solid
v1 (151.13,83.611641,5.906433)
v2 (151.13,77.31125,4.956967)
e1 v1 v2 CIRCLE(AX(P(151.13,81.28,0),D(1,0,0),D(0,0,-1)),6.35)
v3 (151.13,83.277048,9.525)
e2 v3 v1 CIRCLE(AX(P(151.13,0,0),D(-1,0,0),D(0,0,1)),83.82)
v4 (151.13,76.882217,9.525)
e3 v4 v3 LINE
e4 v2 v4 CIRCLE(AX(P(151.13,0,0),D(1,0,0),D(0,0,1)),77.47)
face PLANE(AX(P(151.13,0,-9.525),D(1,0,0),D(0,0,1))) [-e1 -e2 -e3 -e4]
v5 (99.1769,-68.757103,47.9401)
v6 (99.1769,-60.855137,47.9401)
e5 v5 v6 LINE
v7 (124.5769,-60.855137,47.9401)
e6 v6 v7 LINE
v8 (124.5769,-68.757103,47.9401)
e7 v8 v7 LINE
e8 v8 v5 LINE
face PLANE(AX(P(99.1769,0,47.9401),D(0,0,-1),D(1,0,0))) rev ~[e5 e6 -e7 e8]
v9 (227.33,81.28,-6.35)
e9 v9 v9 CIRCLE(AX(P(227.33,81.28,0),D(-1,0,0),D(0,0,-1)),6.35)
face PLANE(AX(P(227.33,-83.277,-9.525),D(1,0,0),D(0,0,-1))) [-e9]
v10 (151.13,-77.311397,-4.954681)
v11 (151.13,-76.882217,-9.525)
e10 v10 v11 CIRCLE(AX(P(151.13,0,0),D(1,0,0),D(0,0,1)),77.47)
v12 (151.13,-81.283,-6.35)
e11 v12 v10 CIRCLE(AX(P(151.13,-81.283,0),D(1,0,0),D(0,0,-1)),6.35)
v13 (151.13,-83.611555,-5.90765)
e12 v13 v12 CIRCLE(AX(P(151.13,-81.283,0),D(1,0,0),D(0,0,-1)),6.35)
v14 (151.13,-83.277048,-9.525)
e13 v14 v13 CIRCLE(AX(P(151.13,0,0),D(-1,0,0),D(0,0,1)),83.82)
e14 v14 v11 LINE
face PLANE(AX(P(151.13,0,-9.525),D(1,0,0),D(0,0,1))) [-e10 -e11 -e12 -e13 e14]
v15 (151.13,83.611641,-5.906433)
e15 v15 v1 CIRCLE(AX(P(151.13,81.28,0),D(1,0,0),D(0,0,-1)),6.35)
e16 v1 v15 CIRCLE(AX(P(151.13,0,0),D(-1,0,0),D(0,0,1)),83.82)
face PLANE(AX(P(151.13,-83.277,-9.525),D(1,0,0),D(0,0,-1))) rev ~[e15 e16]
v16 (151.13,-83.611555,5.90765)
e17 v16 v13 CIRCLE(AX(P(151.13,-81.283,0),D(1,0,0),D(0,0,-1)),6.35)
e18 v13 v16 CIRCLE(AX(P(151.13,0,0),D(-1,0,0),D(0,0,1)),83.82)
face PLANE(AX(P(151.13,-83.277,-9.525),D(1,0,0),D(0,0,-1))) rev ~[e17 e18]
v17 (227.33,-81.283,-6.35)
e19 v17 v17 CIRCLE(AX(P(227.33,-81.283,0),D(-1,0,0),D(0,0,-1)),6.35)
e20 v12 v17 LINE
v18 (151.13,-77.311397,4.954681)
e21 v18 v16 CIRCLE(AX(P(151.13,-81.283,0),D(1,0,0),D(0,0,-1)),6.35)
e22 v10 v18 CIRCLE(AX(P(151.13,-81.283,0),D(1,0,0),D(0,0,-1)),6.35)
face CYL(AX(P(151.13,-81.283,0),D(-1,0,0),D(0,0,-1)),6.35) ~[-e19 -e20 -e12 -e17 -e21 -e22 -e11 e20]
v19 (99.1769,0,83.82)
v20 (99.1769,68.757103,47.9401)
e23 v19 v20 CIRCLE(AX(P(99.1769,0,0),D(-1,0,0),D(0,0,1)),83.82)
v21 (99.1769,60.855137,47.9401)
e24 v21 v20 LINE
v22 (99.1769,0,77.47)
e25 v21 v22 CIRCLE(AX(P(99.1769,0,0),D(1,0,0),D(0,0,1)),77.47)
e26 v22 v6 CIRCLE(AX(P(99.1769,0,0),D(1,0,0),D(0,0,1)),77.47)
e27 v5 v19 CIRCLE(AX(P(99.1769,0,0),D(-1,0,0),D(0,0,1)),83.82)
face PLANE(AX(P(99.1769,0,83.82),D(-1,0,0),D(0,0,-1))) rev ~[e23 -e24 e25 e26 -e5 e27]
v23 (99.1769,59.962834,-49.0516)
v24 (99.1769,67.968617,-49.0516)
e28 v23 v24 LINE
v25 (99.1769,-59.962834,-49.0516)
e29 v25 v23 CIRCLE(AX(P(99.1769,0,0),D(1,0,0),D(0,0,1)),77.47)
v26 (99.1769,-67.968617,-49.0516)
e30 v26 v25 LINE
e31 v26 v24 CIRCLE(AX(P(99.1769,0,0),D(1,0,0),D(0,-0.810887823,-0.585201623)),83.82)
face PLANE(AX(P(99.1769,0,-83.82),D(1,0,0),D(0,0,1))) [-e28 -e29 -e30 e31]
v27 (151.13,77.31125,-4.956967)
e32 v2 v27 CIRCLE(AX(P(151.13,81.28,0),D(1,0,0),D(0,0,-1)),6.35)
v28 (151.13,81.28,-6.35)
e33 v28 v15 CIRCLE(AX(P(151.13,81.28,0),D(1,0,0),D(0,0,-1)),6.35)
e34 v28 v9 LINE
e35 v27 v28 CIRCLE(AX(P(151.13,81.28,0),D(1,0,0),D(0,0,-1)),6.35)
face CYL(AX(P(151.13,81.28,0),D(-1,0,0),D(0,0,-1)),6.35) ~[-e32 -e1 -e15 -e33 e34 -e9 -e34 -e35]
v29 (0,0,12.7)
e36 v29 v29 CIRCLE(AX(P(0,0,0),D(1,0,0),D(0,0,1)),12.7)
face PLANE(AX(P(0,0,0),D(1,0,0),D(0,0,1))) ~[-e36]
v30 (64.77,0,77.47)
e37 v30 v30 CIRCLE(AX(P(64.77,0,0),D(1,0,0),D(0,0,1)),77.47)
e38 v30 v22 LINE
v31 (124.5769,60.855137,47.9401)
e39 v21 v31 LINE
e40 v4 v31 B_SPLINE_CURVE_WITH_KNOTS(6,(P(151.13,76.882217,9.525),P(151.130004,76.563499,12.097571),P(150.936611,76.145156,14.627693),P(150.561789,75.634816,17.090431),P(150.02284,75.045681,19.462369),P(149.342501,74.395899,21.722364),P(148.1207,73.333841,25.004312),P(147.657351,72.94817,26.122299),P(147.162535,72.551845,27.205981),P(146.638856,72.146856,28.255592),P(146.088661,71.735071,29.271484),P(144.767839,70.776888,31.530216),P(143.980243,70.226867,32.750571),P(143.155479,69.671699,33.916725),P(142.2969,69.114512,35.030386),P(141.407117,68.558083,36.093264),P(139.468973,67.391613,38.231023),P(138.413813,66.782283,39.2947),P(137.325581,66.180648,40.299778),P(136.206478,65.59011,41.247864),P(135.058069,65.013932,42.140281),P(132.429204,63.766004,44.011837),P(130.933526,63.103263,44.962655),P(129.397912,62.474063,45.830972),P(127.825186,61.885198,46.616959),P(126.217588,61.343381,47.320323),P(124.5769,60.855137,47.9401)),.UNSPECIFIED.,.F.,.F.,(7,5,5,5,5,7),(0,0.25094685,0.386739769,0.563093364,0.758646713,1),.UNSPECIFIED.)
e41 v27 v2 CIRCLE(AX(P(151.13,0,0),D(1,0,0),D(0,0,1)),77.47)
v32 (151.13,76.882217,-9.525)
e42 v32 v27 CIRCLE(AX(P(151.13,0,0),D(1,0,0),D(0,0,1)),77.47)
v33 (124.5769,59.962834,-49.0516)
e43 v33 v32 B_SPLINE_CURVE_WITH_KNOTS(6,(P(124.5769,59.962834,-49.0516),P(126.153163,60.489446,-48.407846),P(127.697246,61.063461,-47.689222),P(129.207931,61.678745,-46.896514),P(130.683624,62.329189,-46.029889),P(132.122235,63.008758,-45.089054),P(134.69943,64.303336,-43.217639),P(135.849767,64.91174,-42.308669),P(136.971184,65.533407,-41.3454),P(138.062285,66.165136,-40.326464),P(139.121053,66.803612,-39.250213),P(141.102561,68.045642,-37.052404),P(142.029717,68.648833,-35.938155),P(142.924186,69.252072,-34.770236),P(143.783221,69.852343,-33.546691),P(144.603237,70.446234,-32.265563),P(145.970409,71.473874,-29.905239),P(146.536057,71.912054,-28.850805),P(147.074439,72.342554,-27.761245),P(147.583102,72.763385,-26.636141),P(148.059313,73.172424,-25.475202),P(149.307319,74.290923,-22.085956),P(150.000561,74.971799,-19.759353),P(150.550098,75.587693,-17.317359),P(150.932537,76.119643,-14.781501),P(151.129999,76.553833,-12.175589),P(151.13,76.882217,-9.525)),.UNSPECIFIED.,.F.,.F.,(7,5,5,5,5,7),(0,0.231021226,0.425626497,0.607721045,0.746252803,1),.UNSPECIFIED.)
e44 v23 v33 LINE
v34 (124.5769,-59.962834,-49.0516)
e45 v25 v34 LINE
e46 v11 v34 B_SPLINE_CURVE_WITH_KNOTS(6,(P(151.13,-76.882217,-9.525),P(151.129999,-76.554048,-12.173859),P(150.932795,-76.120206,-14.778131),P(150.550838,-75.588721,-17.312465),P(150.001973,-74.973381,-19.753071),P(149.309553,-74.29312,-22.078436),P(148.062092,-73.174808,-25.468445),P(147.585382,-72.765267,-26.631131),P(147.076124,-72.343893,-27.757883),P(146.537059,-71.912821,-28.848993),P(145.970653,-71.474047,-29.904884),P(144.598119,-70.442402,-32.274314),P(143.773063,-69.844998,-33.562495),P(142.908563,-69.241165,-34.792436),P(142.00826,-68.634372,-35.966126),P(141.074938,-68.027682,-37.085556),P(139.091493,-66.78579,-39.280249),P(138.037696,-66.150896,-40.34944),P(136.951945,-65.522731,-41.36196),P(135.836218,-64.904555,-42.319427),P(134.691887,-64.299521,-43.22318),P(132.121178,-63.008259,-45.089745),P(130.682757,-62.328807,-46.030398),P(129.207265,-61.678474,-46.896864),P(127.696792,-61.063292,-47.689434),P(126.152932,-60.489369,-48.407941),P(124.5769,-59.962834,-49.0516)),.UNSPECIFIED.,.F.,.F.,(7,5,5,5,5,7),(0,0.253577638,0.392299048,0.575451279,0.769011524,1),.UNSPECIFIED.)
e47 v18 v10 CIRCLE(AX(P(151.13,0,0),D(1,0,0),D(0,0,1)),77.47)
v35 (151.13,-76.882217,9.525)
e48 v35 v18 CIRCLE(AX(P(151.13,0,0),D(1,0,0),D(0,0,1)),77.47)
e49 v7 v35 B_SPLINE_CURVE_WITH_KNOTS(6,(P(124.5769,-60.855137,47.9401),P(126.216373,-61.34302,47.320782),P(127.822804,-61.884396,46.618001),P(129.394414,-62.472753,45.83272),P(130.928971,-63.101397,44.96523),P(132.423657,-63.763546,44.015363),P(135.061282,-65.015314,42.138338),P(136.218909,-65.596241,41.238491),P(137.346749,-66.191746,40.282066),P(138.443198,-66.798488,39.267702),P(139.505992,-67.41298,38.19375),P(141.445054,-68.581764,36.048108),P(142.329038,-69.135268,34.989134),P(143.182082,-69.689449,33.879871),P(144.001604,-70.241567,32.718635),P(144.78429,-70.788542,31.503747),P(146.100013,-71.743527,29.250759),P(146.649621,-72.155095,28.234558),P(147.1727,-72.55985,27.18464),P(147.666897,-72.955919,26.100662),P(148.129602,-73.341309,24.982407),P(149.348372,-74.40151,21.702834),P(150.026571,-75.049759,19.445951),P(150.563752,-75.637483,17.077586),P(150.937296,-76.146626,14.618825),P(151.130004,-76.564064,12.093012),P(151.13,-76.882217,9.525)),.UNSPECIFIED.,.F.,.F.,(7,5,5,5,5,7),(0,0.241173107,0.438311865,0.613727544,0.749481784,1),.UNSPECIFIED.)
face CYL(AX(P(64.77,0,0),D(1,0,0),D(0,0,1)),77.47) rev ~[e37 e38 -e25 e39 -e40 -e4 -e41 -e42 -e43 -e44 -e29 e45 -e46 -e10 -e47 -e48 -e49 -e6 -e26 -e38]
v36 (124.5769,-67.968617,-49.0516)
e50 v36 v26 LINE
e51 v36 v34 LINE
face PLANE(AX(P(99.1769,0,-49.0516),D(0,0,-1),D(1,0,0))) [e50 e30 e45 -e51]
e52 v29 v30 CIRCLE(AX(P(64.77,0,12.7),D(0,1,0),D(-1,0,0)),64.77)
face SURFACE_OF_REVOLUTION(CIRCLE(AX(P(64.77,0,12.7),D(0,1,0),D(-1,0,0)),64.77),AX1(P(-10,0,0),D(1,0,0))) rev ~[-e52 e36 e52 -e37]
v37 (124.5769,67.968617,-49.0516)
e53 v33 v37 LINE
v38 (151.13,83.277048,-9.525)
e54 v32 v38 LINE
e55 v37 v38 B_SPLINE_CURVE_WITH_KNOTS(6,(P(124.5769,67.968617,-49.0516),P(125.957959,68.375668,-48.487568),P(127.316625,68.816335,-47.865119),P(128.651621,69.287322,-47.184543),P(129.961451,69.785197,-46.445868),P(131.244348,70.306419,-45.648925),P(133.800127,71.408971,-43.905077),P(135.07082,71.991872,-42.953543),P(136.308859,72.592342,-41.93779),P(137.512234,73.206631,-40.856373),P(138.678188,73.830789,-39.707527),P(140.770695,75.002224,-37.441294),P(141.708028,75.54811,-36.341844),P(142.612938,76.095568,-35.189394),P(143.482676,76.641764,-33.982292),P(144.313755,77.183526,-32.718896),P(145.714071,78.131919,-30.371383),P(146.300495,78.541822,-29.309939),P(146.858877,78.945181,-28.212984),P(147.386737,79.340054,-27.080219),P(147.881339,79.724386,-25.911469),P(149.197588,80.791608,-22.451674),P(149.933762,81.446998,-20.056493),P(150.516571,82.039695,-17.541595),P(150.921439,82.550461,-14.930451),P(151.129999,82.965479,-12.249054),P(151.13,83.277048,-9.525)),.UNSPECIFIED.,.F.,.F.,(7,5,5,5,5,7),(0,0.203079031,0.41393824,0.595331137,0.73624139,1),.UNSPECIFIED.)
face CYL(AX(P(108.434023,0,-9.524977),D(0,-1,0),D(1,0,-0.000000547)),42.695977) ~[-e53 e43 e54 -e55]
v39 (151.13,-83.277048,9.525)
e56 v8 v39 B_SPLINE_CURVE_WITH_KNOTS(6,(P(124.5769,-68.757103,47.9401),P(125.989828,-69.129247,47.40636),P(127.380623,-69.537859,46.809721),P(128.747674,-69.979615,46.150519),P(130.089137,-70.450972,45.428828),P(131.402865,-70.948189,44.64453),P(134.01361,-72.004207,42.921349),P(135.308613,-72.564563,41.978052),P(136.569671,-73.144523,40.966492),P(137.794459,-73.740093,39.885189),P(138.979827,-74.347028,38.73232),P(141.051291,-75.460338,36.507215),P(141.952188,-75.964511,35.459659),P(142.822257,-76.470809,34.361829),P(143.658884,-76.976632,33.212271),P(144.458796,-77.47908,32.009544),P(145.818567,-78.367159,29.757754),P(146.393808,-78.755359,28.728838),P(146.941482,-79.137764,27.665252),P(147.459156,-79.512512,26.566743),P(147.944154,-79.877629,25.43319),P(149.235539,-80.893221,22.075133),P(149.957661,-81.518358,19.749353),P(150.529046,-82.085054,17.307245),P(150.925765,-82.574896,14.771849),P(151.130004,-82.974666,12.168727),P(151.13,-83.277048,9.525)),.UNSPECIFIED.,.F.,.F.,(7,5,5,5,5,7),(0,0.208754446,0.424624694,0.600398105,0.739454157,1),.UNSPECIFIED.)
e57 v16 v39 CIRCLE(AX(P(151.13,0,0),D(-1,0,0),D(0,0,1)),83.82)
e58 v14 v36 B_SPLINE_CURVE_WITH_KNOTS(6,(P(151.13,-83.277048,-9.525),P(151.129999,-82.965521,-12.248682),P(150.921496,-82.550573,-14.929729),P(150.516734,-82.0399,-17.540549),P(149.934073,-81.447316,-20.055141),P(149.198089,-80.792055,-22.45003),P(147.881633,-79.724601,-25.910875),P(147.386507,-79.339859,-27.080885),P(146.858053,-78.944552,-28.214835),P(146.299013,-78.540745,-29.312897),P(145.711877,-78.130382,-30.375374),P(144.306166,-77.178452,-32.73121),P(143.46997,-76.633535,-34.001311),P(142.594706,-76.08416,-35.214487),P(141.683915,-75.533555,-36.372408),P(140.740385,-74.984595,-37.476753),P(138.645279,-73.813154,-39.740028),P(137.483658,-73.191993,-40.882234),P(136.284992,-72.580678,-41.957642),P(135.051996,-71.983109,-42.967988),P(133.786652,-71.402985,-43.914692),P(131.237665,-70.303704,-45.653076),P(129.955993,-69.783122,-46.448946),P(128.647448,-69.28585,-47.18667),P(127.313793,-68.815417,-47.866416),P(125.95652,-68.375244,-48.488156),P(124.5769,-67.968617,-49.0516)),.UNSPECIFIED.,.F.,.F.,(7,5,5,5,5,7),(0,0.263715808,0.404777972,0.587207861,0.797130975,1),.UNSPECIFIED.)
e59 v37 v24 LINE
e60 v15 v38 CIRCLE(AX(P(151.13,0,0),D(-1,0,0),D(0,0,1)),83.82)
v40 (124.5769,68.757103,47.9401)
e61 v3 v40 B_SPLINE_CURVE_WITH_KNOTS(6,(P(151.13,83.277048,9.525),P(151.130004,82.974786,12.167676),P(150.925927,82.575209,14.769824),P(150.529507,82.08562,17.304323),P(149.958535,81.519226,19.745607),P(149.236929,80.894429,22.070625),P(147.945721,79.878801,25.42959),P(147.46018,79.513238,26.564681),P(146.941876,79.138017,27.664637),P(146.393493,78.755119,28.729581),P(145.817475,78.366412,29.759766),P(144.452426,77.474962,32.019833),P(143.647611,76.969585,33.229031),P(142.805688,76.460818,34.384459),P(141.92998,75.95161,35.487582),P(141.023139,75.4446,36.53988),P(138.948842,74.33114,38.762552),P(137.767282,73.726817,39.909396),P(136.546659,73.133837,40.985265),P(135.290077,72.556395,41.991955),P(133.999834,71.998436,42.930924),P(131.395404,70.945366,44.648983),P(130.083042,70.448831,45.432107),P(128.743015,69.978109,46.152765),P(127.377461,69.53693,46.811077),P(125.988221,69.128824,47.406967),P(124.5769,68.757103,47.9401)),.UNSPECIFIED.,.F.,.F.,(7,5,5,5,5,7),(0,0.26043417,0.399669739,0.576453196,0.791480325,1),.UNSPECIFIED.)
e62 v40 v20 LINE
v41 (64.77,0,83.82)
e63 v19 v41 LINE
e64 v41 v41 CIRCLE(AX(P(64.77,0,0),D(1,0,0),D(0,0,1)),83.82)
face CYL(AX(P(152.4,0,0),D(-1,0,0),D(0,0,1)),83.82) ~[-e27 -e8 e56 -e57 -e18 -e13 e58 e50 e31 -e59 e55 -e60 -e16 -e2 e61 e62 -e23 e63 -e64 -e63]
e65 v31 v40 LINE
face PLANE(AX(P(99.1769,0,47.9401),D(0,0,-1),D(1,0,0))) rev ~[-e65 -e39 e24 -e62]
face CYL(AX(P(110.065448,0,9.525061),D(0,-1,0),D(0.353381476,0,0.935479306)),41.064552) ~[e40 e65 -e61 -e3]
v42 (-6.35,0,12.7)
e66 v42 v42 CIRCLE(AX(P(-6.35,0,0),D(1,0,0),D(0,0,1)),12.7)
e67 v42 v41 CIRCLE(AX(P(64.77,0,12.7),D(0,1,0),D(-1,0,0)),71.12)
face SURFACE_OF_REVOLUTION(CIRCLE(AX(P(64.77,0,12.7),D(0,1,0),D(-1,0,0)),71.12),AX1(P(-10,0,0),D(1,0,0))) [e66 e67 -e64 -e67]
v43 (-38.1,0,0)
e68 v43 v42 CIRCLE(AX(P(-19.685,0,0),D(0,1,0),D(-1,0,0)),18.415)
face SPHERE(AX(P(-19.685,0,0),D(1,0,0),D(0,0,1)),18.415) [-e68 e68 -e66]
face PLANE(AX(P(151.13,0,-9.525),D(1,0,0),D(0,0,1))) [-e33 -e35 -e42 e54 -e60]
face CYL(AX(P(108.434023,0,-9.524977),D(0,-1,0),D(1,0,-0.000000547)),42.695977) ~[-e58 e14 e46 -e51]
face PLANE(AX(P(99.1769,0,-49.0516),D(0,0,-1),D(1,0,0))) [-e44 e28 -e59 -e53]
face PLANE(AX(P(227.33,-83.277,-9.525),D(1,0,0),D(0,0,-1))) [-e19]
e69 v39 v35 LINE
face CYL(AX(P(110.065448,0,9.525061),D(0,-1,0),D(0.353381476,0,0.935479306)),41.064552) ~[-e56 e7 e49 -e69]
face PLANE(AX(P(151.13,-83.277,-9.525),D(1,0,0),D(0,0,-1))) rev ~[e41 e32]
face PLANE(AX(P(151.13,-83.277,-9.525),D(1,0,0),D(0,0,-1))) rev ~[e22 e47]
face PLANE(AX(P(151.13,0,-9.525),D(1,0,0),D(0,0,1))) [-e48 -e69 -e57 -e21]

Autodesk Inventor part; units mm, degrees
ref_plane "YZ Plane" through (0, 0, 0) normal (1, 0, 0) x (0, 1, 0)
ref_plane "XZ Plane" through (0, 0, 0) normal (0, 1, 0) x (-1, 0, 0)
ref_plane "XY Plane" through (0, 0, 0) normal (0, 0, 1) x (1, 0, 0)
sketch "Sketch1" plane through (0, 0, 0) normal (0, 1, 0) x (-1, 0, 0)
  line L0 (0, 0) -> (0, 12.7)
  arc A0 (0, 12.7) -> (-64.77, 77.47) centre (-64.77, 12.7) ccw
  line L1 (0, 0) -> (38.1, 0)
  line L2 (-64.77, 77.47) -> (-152.4, 77.47)
  line L3 (-152.4, 77.47) -> (-152.4, 83.82)
  line L4 (-152.4, 83.82) -> (-64.77, 83.82)
  arc A1 (6.35, 12.7) -> (-64.77, 83.82) centre (-64.77, 12.7) ccw
  arc A2 (38.1, 0) -> (6.35, 12.7) centre (19.685, 0) ccw
  line L5 (81.359, 0) -> (-191.3598, 0) projected
  dimension "d0" = 12.7
  dimension "d4" = 152.4
  dimension "d5" = 77.47
  dimension "d6" = 6.35
  dimension "d7" = 12.7
  dimension "d9" = 38.1
revolve "Revolution1" add sketch "Sketch1" angle 360 about axis through (-10, 0, 0) along (1, 0, 0)
sketch "Sketch3" plane through (0, 0, 0) normal (0, 1, 0) x (-1, 0, 0)
  line L0 (-99.1769, -83.82) -> (-99.1769, -49.0516)
  line L1 (-99.1769, 83.82) -> (-99.1769, 47.9401)
  line L2 (-152.4, -83.82) -> (-152.4, 83.82)
  line L3 (-99.1769, -49.0516) -> (-124.5769, -49.0516)
  line L4 (-99.1769, 47.9401) -> (-124.5769, 47.9401)
  line L5 (-152.4, -83.82) -> (-64.77, -83.82) projected
  line L6 (-152.4, 83.82) -> (-64.77, 83.82) projected
  line L7 (-99.1769, -83.82) -> (-152.4, -83.82)
  line L8 (-152.4, 83.82) -> (-99.1769, 83.82)
  line L9 (-152.4, -83.82) -> (-152.4, 83.82)
  line L10 (-151.13, -9.525) -> (-151.13, 9.525)
  line L11 (76.2, 0) -> (-190.5, 0) projected
  arc A0 (-151.13, -9.525) -> (-124.5769, -49.0516) centre (-108.4341, -9.525) ccw
  arc A1 (-124.5769, 47.9401) -> (-151.13, 9.525) centre (-110.0654, 9.525) ccw
  point P0 (0, 0)
  point P1 (-152.4, 0)
  point P2 (-151.13, 0)
  dimension "d14" = 25.4
  dimension "d15" = 25.4
  dimension "d18" = 34.7684
  dimension "d22" = 53.2231
  dimension "d23" = 35.8799
  dimension "d26" = 19.05
  dimension "d27" = 1.27
extrude "Extrusion1" cut sketch "Sketch3" along normal through all both and the other way through all
sketch "Sketch4" plane through (151.13, -83.277, -9.525) normal (1, 0, 0) x (0, 0, -1)
  arc A0 (-19.05, 6.3948) -> (0, 6.3948) centre (-9.525, 83.277) ccw projected
  arc A1 (-19.05, 0) -> (0, 0) centre (-9.525, 83.277) ccw projected
  circle A2 centre (-9.525, 1.994) radius 6.35
  arc A3 (0, 160.1593) -> (-19.05, 160.1593) centre (-9.525, 83.277) ccw projected
  arc A4 (0, 166.5541) -> (-19.05, 166.5541) centre (-9.525, 83.277) ccw projected
  circle A5 centre (-9.525, 164.557) radius 6.35
  point P0 (-9.525, 160.747)
  dimension "d28" = 12.7
  dimension "d30" = 81.2831
  dimension "d31" = 12.7
  dimension "d32" = 81.28
extrude "Extrusion2" add sketch "Sketch4" along normal blind 76.2
properties part number "DMJ_hat"
